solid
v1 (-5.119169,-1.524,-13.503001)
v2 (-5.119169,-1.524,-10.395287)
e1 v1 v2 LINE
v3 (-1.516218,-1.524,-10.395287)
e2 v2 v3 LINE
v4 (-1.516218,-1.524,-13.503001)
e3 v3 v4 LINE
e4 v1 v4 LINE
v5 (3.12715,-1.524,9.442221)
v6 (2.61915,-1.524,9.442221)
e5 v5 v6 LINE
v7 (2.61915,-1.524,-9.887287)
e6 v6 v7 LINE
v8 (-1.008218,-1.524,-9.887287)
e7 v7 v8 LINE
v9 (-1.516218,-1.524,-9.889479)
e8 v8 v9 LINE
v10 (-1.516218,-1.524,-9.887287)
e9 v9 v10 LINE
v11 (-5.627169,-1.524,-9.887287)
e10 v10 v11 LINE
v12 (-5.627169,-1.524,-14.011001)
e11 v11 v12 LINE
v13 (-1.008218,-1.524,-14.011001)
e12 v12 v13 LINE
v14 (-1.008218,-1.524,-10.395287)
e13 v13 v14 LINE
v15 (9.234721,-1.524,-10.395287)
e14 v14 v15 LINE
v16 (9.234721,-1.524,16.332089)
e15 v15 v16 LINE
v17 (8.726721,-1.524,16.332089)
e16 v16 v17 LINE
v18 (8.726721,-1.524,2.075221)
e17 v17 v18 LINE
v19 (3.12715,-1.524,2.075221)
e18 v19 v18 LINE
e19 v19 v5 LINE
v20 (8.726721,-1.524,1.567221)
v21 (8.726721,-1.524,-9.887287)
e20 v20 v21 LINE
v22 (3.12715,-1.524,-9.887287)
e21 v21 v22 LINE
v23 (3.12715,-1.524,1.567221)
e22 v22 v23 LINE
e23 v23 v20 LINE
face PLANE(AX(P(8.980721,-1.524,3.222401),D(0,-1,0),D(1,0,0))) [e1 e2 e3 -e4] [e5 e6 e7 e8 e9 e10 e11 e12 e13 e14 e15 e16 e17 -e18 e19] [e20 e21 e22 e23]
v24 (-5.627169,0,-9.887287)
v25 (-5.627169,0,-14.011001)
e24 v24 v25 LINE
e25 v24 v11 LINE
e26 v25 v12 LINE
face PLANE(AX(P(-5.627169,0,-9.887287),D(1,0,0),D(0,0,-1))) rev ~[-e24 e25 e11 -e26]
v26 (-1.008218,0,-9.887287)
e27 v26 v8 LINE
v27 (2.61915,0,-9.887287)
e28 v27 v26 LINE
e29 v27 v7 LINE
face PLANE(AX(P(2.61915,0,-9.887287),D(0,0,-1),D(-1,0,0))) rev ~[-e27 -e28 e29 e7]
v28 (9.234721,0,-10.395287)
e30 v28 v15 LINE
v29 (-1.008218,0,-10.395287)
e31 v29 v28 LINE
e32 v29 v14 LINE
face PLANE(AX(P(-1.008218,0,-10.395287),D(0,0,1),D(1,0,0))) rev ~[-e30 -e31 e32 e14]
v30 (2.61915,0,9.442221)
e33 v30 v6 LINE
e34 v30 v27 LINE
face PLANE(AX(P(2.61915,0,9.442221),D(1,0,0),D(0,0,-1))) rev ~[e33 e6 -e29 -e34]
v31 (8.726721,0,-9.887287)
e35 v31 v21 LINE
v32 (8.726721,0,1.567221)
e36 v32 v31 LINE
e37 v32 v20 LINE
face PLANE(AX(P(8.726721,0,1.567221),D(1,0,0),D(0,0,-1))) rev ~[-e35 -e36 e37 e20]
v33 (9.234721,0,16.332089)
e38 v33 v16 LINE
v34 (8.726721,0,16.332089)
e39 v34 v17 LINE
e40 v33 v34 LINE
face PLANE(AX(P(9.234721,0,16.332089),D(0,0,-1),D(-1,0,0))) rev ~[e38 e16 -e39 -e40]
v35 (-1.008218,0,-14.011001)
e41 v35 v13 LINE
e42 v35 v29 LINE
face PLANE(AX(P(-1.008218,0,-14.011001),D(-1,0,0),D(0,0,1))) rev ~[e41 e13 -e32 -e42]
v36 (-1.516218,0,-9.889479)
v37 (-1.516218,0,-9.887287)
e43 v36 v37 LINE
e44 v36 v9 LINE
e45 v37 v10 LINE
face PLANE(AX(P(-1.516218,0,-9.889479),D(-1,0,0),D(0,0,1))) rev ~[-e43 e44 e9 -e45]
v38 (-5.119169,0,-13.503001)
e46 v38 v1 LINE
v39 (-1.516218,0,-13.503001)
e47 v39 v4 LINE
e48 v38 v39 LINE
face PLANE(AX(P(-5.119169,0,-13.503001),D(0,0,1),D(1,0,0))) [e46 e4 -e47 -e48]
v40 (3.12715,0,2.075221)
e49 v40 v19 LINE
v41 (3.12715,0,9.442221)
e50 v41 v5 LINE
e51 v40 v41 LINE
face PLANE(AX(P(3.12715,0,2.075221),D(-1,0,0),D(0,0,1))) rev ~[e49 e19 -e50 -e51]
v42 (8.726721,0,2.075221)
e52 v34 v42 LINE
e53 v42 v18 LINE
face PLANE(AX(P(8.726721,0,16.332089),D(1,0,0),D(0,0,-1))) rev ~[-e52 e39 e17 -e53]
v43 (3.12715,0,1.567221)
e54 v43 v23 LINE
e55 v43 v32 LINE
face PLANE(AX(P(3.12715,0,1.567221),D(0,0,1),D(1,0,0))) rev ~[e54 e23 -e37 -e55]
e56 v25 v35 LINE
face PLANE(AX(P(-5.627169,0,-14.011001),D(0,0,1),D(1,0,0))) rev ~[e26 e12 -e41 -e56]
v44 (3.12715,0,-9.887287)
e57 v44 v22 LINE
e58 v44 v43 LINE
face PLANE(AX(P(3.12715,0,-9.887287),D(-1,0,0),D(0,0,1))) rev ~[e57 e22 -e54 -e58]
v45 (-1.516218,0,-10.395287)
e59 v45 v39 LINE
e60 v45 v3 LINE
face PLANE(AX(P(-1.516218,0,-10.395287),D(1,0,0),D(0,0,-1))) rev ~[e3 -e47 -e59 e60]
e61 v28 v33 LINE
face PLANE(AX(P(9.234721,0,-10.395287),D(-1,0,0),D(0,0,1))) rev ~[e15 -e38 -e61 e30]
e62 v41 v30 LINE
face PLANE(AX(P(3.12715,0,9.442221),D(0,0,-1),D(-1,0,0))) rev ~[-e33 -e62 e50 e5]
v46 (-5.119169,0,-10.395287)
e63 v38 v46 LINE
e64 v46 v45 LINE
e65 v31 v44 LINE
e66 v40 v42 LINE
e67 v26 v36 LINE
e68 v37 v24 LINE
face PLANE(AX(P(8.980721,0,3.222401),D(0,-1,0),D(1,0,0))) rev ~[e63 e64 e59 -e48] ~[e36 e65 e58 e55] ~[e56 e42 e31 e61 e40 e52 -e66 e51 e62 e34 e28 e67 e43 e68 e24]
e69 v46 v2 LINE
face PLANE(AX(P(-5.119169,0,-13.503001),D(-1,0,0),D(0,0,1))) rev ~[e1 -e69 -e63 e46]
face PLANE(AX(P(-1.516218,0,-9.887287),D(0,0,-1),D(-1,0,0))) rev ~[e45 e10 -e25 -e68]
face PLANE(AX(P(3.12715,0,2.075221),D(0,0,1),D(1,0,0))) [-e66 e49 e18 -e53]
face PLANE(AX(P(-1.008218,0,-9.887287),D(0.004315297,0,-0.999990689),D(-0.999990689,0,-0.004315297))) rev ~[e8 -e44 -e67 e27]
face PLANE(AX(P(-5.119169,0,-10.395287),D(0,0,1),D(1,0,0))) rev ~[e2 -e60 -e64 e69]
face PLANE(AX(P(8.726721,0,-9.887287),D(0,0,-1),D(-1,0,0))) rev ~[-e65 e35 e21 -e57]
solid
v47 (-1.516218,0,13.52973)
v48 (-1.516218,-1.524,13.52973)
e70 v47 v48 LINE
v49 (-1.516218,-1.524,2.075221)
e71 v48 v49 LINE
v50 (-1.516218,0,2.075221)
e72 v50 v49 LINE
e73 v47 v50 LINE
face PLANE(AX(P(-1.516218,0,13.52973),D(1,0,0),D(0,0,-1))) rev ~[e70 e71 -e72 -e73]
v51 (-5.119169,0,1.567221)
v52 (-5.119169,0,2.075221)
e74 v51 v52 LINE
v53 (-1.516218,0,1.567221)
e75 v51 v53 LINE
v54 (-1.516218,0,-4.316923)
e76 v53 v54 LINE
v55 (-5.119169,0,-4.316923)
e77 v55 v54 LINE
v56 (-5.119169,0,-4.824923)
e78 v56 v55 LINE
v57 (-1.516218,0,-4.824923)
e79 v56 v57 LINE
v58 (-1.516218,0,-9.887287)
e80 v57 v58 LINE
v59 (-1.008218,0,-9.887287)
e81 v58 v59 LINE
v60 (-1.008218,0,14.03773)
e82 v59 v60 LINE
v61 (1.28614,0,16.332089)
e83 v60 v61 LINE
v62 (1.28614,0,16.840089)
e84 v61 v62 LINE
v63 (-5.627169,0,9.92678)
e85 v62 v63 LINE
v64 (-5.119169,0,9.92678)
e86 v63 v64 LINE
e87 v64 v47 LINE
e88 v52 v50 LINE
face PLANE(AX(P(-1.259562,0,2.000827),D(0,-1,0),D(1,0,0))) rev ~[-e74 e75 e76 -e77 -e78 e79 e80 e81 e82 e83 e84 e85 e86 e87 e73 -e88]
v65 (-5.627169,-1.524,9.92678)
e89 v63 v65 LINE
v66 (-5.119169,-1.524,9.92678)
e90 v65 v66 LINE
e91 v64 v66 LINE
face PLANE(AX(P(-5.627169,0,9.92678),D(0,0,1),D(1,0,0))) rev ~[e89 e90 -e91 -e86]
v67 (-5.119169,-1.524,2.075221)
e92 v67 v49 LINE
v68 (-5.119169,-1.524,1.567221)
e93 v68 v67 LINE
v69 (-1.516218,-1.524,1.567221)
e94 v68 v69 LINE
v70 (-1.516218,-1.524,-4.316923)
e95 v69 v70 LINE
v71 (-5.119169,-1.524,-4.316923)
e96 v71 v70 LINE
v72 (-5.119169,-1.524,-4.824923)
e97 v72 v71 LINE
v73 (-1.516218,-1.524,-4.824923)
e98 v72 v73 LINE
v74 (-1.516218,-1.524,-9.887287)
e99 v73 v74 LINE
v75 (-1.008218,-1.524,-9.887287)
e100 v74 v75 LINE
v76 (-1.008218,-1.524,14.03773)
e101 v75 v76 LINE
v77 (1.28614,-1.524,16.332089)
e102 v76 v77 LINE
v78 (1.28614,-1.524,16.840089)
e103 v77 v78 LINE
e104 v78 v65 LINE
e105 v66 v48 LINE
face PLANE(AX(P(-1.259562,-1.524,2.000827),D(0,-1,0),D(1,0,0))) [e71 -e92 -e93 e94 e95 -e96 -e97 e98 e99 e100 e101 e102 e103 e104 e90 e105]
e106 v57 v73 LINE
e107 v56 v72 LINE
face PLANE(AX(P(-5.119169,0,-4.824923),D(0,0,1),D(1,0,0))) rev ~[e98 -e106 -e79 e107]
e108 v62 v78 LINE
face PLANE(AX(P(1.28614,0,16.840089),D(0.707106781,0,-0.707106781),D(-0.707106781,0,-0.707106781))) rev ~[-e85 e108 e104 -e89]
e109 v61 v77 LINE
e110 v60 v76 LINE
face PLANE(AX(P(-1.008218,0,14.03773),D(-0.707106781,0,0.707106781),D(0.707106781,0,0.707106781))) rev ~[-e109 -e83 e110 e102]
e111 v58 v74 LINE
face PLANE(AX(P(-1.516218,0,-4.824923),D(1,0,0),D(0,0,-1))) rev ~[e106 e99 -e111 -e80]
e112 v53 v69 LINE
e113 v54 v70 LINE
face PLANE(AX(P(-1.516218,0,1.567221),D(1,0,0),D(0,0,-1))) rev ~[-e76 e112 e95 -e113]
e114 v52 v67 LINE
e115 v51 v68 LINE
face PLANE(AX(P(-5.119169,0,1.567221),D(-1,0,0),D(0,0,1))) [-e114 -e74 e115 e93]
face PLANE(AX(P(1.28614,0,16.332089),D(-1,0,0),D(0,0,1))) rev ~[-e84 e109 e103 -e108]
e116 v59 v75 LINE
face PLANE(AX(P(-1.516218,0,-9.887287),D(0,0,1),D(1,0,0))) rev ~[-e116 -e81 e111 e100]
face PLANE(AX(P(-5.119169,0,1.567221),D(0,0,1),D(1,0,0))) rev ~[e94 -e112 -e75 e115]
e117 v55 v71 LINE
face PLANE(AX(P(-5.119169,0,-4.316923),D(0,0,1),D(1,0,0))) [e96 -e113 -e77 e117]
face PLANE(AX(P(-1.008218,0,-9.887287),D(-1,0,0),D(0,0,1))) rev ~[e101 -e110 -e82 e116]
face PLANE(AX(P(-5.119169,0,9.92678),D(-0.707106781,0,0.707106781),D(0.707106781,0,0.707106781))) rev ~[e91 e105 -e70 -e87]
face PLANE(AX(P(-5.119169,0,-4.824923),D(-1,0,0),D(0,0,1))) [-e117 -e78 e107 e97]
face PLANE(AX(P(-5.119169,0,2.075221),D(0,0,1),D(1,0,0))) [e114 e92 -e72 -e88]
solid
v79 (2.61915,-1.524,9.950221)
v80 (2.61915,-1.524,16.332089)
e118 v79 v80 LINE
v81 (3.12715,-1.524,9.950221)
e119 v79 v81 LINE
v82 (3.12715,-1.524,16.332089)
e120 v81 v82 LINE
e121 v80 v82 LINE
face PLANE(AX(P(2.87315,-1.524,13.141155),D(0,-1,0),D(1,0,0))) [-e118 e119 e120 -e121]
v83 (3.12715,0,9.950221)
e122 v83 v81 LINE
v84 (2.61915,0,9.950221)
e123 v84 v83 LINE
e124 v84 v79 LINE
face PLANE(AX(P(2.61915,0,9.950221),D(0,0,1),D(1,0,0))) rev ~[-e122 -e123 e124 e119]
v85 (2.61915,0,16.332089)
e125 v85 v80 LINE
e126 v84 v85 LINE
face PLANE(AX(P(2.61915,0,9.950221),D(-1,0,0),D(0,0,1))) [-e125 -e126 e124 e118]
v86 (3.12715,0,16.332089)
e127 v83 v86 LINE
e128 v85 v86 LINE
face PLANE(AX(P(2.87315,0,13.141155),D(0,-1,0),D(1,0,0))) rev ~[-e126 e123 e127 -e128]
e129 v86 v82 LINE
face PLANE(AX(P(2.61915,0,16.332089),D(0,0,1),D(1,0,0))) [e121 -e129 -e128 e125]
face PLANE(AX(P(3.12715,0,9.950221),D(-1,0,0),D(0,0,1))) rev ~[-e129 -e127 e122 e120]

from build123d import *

# Parameters (mm, degrees)
F0_W     = 5.5995708565
F0_H     = 0.508
F0_W_2   = 3.602950362
F1_DEPTH = 1.524
F0_W_3   = 0.508
F0_H_2   = 6.3818677289


with BuildPart() as f1:
    # F0 (on Front) → F1 (new body)
    with BuildSketch(Plane.XZ):
        Polygon((8.7267208287, -9.8872872995), (9.2347208287, -9.8872872995), (9.2347208287, 16.3320887597), (8.7267208287, 16.3320887597), (8.7267208287, 9.9502210308), (8.7267208287, 9.4422210308), (8.7267208287, 2.0752214265), (8.7267208287, 1.5672214265), align=None)
        Polygon((9.2347208287, -10.3952872995), (9.2347208287, -9.8872872995), (8.7267208287, -9.8872872995), (3.1271499722, -9.8872872995), (2.6191499722, -9.8872872995), (-1.0082182566, -9.8872872995), (-1.5162182566, -9.8894794907), (-1.5162182566, -9.8872872995), (-5.1191686186, -9.8872872995), (-5.6271686186, -9.8872872995), (-5.6271686186, -10.3952872995), (-5.1191686186, -10.3952872995), (-1.5162182566, -10.3952872995), (-1.0082182566, -10.3952872995), align=None)
        Polygon((2.6191499722, -9.8872872995), (3.1271499722, -9.8872872995), (3.1271499722, 1.5672214265), (3.1271499722, 2.0752214265), (3.1271499722, 9.4422210308), (2.6191499722, 9.4422210308), (2.6191499722, 2.0752214265), (2.6191499722, 1.5672214265), align=None)
        with Locations((5.9269354004, 1.8212214265)):
            Rectangle(F0_W, F0_H)
        with Locations((-3.3176934376, -13.7570005892)):
            Rectangle(F0_W_2, F0_H)
        Polygon((-1.0082182566, -14.0110005892), (-1.0082182566, -10.3952872995), (-1.5162182566, -10.3952872995), (-1.5162182566, -13.5030005892), (-1.5162182566, -14.0110005892), align=None)
        Polygon((-5.1191686186, -13.5030005892), (-5.1191686186, -10.3952872995), (-5.6271686186, -10.3952872995), (-5.6271686186, -14.0110005892), (-5.1191686186, -14.0110005892), align=None)
    extrude(amount=F1_DEPTH)


with BuildPart() as f1b:
    # F0 (on Front) → F1, piece 2 (new body)
    with BuildSketch(Plane.XZ):
        Polygon((-1.5162182566, -9.8872872995), (-1.0082182566, -9.8872872995), (-1.0082182566, 1.5672214265), (-1.0082182566, 2.0752214265), (-1.0082182566, 9.4422210308), (-1.0082182566, 9.9502210308), (-1.0082182566, 14.0377301525), (-1.5162182566, 13.5297301525), (-1.5162182566, 9.9267797906), (-1.5162182566, 9.4187797906), (-1.5162182566, 2.0752214265), (-1.5162182566, 1.5672214265), (-1.5162182566, -4.3169227262), (-1.5162182566, -4.8249227262), align=None)
        with Locations((-3.3176934376, 1.8212214265)):
            Rectangle(F0_W_2, F0_H)
        with Locations((-3.3176934376, -4.5709227262)):
            Rectangle(F0_W_2, F0_H)
        Polygon((1.2861403506, 16.3320887597), (1.2861403506, 16.8400887597), (-5.6271686186, 9.9267797906), (-5.1191686186, 9.9267797906), (-1.5162182566, 13.5297301525), (-1.0082182566, 14.0377301525), align=None)
    extrude(amount=F1_DEPTH)


with BuildPart() as f1c:
    # F0 (on Front) → F1, piece 3 (new body)
    with BuildSketch(Plane.XZ):
        with Locations((2.8731499722, 13.1411548953)):
            Rectangle(F0_W_3, F0_H_2)
    extrude(amount=F1_DEPTH)


solid = Compound([f1.part, f1b.part, f1c.part])
